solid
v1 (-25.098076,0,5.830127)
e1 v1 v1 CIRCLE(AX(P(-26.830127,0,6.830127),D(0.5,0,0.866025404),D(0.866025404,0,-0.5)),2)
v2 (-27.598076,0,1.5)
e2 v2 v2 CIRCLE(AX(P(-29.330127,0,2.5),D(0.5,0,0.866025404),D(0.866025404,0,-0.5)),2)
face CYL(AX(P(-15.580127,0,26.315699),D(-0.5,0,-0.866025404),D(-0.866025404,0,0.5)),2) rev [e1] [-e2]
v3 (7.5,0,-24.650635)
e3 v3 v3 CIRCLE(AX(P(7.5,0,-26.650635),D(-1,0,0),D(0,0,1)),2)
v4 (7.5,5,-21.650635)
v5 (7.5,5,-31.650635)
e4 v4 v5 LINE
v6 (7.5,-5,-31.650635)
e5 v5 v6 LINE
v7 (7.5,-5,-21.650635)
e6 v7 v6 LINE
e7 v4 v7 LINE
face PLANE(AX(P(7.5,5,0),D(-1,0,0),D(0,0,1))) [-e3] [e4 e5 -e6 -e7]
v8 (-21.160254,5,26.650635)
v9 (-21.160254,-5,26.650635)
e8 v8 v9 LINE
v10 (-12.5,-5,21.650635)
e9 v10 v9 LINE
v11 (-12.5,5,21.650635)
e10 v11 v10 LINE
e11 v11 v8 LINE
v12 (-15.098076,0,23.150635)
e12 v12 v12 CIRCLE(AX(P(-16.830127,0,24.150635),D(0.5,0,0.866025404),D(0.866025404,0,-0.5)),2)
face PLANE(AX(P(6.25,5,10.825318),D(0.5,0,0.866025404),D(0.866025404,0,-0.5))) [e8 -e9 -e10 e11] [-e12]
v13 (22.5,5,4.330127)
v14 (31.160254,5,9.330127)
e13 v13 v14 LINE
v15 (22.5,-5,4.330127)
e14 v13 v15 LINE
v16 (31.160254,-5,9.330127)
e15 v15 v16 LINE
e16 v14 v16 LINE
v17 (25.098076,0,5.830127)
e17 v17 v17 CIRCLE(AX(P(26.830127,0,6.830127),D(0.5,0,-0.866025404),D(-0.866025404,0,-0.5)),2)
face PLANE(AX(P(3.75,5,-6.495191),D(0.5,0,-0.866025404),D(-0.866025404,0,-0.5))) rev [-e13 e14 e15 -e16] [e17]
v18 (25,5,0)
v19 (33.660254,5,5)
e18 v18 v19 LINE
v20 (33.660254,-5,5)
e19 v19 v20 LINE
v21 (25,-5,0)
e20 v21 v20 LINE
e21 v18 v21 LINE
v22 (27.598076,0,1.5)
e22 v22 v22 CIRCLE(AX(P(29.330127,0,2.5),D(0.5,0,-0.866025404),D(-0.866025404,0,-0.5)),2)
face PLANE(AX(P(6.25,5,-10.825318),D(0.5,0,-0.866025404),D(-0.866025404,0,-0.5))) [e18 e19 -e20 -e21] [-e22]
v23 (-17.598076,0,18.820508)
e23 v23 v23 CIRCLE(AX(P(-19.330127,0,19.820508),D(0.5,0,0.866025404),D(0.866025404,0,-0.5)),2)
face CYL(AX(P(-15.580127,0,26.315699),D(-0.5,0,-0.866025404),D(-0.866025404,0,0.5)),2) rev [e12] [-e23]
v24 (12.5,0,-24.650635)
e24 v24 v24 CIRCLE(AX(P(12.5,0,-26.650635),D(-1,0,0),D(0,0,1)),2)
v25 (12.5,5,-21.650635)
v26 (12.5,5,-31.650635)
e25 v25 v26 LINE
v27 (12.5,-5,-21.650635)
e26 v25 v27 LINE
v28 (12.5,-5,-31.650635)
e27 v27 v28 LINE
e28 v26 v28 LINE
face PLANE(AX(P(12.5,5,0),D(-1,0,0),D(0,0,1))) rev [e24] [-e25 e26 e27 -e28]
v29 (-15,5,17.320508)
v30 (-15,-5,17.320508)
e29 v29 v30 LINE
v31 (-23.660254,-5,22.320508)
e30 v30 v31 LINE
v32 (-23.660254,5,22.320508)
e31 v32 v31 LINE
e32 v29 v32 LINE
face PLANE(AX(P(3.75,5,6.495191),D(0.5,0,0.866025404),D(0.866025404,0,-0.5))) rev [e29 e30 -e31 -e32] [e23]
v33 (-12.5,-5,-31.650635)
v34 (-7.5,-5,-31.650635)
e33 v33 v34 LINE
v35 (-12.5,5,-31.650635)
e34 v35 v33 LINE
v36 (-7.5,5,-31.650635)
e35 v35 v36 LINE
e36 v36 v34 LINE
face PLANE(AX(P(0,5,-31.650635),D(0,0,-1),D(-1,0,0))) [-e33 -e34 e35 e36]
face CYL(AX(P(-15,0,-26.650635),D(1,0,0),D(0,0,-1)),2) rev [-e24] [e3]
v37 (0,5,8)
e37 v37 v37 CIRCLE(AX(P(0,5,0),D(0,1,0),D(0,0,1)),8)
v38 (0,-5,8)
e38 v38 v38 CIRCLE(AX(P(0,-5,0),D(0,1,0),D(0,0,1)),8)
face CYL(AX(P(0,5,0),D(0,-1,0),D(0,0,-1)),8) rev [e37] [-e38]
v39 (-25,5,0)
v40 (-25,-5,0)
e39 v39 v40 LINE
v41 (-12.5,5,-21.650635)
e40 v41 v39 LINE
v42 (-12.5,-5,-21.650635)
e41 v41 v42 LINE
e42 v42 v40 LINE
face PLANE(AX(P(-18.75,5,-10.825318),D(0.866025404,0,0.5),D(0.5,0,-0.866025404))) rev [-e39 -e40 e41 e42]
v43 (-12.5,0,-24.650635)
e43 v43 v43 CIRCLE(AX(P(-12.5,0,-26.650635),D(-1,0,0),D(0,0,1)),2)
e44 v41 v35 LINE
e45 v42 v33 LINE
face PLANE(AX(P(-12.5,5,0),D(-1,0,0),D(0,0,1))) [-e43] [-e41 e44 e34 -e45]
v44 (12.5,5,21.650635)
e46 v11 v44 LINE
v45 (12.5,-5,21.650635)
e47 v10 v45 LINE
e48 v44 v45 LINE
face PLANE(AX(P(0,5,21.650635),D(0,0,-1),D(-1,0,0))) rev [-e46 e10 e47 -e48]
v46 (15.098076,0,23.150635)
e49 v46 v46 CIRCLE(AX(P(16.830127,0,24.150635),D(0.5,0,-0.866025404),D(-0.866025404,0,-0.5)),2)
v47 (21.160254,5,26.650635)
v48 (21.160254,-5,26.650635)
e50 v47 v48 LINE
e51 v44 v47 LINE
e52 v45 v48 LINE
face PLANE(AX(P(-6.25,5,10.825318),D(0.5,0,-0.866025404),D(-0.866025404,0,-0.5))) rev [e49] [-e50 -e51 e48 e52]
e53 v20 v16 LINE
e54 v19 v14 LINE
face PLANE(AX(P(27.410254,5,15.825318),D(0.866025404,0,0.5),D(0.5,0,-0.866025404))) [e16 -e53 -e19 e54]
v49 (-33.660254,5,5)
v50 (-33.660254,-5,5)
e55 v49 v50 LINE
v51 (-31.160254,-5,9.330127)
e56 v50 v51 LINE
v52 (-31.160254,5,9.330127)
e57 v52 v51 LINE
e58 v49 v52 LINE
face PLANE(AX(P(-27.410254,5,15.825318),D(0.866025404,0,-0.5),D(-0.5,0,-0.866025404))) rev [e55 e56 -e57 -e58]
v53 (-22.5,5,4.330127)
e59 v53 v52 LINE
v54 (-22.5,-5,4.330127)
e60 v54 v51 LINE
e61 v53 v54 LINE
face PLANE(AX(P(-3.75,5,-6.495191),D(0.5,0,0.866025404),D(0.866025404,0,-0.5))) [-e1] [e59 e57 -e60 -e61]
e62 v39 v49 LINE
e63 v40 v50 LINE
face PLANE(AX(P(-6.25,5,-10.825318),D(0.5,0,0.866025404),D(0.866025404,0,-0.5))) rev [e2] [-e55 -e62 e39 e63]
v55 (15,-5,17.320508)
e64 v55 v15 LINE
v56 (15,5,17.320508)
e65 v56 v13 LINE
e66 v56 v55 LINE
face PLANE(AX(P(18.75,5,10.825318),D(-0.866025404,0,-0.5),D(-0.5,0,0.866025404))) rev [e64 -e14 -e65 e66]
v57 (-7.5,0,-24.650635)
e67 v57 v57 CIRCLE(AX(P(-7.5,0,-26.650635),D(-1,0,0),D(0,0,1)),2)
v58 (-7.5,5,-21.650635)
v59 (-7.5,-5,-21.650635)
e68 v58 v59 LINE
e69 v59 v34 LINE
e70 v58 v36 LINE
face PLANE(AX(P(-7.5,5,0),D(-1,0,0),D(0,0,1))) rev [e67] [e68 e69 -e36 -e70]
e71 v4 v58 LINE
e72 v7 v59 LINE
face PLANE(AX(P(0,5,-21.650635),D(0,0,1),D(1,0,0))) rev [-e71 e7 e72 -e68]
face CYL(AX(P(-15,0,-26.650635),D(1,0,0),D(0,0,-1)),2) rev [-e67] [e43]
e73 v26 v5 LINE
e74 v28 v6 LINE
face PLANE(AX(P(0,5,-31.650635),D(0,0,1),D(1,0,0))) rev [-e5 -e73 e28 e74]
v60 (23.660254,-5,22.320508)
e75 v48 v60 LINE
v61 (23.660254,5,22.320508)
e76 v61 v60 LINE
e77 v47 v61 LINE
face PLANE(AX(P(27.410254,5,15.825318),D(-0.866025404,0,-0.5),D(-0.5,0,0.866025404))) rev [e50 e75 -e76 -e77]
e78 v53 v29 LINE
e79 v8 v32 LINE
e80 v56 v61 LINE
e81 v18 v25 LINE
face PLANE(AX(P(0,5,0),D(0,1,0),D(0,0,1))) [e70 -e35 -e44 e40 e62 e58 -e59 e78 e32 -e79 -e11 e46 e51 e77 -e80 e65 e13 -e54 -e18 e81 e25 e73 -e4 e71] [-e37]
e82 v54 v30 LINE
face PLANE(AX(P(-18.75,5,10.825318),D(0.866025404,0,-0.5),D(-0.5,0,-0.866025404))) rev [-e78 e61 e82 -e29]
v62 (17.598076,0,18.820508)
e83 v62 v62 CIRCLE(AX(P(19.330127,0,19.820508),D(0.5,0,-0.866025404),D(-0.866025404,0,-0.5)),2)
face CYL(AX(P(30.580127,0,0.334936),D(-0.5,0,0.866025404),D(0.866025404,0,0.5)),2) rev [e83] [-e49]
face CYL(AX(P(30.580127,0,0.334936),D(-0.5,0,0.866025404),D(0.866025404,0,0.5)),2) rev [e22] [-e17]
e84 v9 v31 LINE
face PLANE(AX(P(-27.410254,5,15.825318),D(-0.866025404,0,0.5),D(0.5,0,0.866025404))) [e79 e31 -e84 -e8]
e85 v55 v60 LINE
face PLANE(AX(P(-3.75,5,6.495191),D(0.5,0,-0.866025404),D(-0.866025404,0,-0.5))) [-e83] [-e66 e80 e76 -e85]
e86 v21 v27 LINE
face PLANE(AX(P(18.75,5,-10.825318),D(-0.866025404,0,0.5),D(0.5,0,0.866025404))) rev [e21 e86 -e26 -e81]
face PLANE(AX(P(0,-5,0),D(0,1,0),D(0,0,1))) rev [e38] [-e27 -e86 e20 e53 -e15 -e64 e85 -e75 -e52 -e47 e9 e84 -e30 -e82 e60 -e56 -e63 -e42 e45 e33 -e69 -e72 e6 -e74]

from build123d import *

# Parameters (mm, degrees)
SKETCH1_R           = 8
BOSS_EXTRUDE1_DEPTH = 5
SKETCH2_R           = 2
CUT_EXTRUDE1_DEPTH  = 15
CIRPATTERN1_COUNT   = 3


with BuildPart() as part:
    # Sketch1 → Boss-Extrude1 (new, symmetric)
    with BuildSketch(Plane(origin=(0, 0, 0), x_dir=(1, 0, 0), z_dir=(0, 1, 0))):
        Polygon((7.5, 21.650635095), (-7.5, 21.650635095), (-7.5, 31.650635095), (-12.5, 31.650635095), (-12.5, 21.650635095), (-25, 0), (-33.660254038, -5), (-31.160254038, -9.330127019), (-22.5, -4.330127019), (-15, -17.320508076), (-23.660254038, -22.320508076), (-21.160254038, -26.650635095), (-12.5, -21.650635095), (12.5, -21.650635095), (21.160254038, -26.650635095), (23.660254038, -22.320508076), (15, -17.320508076), (22.5, -4.330127019), (31.160254038, -9.330127019), (33.660254038, -5), (25, 0), (12.5, 21.650635095), (12.5, 31.650635095), (7.5, 31.650635095), align=None)
        Circle(SKETCH1_R, mode=Mode.SUBTRACT)
    extrude(amount=BOSS_EXTRUDE1_DEPTH, both=True)

    # Sketch2 → Cut-Extrude1 (cut, symmetric)
    with BuildSketch(Plane(origin=(0, 0, 0), x_dir=(0, 0, -1), z_dir=(1, 0, 0))):
        with Locations((26.650635095, 0)):
            Circle(SKETCH2_R)
    cut_extrude1 = extrude(amount=CUT_EXTRUDE1_DEPTH, both=True, mode=Mode.SUBTRACT)

    # CirPattern1: Cut-Extrude1 ×3 about axis
    cirpattern1_axis = Axis((0, 5, 0), (0, -1, 0))
    for i in range(1, CIRPATTERN1_COUNT):
        add(cut_extrude1.rotate(cirpattern1_axis, i * 360 / CIRPATTERN1_COUNT), mode=Mode.SUBTRACT)


solid = part.part
